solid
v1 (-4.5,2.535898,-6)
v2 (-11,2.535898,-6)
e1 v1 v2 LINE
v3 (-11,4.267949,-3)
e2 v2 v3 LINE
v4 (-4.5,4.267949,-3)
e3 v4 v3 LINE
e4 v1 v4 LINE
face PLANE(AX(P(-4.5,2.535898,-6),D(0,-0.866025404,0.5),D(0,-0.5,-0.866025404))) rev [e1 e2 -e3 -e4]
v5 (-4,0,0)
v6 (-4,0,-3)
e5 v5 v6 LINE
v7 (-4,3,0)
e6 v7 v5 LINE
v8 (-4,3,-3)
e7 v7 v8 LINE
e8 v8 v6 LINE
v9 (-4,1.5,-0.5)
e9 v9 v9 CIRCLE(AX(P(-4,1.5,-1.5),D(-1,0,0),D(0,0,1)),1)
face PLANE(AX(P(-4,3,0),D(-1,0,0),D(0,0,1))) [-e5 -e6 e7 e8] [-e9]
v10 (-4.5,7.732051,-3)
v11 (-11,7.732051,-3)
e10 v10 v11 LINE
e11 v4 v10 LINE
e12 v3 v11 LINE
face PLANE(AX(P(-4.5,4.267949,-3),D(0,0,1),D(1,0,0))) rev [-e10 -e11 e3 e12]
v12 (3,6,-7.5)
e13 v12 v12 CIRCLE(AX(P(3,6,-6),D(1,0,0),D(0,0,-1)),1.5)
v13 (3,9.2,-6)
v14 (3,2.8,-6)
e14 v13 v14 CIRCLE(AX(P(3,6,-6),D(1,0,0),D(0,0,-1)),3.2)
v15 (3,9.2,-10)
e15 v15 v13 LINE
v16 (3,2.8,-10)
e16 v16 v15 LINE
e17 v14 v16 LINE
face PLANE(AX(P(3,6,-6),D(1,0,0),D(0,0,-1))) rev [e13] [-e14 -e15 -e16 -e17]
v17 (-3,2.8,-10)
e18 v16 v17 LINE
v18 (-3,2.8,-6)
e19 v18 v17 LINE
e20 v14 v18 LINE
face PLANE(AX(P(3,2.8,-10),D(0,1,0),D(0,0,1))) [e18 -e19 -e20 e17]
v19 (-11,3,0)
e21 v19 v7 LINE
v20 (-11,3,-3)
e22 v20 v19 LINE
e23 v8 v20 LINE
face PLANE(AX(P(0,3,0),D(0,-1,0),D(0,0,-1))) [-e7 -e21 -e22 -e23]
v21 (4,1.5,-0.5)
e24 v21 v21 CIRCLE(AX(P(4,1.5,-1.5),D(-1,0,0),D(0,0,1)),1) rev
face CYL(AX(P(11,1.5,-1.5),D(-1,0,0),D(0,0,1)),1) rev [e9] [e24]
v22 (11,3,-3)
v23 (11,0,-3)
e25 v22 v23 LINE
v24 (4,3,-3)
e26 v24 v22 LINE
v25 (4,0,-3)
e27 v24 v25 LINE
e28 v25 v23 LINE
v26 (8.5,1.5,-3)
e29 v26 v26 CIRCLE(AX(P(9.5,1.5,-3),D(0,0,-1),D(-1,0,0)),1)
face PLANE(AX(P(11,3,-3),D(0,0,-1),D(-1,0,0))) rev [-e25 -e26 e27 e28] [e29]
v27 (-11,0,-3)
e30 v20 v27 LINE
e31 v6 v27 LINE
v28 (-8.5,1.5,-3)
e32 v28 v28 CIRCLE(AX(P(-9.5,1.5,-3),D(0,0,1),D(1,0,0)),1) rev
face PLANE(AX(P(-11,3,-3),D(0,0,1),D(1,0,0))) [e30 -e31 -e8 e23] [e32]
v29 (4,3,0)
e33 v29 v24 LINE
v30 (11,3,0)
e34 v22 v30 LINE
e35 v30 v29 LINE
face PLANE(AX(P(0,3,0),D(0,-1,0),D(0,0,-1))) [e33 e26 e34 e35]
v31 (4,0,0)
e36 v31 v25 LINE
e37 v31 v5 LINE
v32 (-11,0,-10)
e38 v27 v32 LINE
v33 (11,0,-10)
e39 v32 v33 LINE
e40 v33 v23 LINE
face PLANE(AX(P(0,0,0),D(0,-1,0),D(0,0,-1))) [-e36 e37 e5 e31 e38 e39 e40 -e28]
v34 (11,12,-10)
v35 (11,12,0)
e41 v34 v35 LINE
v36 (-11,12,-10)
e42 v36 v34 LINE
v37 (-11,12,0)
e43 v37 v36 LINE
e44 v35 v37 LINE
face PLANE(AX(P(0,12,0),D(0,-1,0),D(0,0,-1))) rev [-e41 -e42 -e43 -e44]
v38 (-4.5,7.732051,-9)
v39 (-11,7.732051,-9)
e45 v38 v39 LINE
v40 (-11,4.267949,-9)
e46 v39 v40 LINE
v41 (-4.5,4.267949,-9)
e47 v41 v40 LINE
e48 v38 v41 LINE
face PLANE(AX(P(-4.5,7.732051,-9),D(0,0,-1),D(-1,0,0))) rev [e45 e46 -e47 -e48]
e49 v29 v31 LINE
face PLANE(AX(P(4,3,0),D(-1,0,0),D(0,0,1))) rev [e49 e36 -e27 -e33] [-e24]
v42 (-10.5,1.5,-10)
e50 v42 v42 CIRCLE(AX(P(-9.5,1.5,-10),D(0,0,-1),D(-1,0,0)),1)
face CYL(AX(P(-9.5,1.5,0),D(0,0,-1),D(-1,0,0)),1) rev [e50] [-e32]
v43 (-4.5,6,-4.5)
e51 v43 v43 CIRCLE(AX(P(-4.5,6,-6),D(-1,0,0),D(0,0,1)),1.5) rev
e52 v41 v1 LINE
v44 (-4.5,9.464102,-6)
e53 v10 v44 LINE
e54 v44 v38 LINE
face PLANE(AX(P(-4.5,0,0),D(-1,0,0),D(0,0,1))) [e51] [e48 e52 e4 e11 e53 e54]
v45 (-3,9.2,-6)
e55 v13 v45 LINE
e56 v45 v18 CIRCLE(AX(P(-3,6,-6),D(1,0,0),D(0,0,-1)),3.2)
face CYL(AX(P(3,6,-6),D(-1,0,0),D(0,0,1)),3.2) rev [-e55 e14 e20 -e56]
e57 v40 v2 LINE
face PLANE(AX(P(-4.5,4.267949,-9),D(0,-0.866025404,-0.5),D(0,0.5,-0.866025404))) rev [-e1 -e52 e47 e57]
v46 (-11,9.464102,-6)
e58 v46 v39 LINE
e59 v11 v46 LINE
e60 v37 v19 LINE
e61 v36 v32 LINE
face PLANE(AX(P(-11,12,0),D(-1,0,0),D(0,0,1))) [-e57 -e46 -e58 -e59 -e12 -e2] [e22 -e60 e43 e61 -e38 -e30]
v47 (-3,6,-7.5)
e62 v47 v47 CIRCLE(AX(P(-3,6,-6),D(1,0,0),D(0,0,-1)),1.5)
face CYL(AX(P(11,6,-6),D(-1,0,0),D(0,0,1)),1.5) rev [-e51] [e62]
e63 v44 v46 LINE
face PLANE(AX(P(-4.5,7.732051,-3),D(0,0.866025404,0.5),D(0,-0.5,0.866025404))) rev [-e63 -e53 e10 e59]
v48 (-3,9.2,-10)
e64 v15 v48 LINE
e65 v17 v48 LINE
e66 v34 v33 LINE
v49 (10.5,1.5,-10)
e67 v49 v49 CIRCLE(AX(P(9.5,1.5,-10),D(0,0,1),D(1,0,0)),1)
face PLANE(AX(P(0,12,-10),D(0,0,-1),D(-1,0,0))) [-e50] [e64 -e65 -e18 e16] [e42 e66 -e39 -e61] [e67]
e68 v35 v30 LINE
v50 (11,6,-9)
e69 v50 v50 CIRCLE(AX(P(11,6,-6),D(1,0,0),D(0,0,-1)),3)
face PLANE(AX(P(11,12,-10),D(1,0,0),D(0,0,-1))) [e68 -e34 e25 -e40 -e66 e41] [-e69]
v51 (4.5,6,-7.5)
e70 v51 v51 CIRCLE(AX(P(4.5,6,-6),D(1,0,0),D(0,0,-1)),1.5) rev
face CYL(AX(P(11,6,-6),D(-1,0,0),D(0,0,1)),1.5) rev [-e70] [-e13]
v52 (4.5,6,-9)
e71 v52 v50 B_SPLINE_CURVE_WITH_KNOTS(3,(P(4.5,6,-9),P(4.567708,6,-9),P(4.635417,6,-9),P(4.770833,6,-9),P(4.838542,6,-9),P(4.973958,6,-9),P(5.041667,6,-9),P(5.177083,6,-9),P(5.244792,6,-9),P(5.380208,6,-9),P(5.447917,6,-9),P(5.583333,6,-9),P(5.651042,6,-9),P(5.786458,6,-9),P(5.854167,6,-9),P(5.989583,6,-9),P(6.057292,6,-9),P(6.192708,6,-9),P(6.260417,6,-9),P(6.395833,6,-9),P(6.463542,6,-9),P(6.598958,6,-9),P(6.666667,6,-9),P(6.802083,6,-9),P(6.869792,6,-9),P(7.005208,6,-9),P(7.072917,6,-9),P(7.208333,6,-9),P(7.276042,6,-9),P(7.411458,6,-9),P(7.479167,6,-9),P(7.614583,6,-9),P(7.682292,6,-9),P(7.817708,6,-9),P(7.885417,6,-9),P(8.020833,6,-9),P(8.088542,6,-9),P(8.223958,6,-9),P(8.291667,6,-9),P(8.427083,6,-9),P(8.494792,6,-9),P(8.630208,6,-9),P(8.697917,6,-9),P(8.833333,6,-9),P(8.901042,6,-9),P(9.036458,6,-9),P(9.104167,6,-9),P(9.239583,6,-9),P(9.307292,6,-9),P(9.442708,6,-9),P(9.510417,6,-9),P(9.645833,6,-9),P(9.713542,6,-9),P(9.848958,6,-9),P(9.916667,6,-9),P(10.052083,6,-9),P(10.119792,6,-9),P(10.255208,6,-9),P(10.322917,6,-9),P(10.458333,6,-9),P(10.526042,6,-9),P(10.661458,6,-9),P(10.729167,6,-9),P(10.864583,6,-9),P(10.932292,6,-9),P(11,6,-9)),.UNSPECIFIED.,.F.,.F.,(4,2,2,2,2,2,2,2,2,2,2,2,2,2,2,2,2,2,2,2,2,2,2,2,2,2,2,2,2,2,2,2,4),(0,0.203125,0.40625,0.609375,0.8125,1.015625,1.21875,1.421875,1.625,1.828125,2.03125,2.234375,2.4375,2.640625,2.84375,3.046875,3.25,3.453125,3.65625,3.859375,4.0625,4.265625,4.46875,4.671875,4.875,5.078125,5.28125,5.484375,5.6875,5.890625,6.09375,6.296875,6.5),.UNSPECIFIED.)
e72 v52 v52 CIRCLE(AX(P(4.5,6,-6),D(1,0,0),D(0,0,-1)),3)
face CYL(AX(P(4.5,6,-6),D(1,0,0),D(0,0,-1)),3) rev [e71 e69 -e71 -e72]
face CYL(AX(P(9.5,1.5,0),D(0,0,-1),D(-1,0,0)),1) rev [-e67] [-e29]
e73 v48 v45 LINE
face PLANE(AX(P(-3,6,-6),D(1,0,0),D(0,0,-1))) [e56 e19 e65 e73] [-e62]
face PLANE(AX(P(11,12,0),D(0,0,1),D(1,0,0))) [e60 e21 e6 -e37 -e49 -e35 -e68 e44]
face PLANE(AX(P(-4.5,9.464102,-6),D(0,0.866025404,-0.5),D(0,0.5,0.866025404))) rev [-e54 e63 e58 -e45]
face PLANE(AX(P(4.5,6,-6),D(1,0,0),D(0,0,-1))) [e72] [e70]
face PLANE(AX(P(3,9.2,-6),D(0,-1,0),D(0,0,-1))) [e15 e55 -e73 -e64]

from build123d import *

# Parameters (mm, degrees)
BOSS_EXTRUDE1_DEPTH     = 12
SKETCH5_R               = 1
CUT_EXTRUDE1_DEPTH      = 10
CUT_EXTRUDE2_DEPTH      = 3
CUT_EXTRUDE2_DEPTH_BACK = 3
CUT_EXTRUDE3_DEPTH      = 21.976176963
CUT_EXTRUDE3_DEPTH_BACK = 21.976176963
SKETCH7_R               = 1.5
SKETCH10_W              = 7
SKETCH10_H              = 3
CUT_EXTRUDE4_DEPTH      = 3
SKETCH9_R               = 1
CUT_EXTRUDE5_DEPTH      = 27.981475126
SKETCH12_R              = 3
CUT_EXTRUDE6_DEPTH      = 6.5
CUT_EXTRUDE7_DEPTH      = 6.5


with BuildPart() as part:
    # Sketch2 → Boss-Extrude1 (new body)
    with BuildSketch(Plane(origin=(0, 0, 0), x_dir=(1, 0, 0), z_dir=(0, 1, 0))):
        Polygon((0, 10), (11, 10), (11, 0), (-11, 0), (-11, 10), align=None)
    extrude(amount=BOSS_EXTRUDE1_DEPTH)

    # Sketch5 → Cut-Extrude1 (cut)
    with BuildSketch(Plane(origin=(0, 0, -10), x_dir=(-1, 0, 0), z_dir=(0, 0, -1))):
        with Locations((9.5, 1.5)):
            Circle(SKETCH5_R)
    cut_extrude1 = extrude(amount=-CUT_EXTRUDE1_DEPTH, mode=Mode.SUBTRACT)

    # Sketch6 → Cut-Extrude2 (cut, two sides: drawn at the far end of the back side and taken through both)
    with BuildSketch(Plane(origin=(0, 0, 0), x_dir=(0, 0, -1), z_dir=(1, 0, 0)).offset(-CUT_EXTRUDE2_DEPTH_BACK)):
        with BuildLine():
            Line((6, 9.2), (10, 9.2))
            Line((10, 9.2), (10, 2.8))
            Line((10, 2.8), (6, 2.8))
            ThreePointArc((6, 2.8), (2.8, 6), (6, 9.2))
        make_face()
    extrude(amount=CUT_EXTRUDE2_DEPTH + CUT_EXTRUDE2_DEPTH_BACK, mode=Mode.SUBTRACT)

    # Sketch7 → Cut-Extrude3 (cut, two sides: drawn at the far end of the back side and taken through both)
    with BuildSketch(Plane.ZY.offset(-3).offset(-CUT_EXTRUDE3_DEPTH_BACK)):
        with Locations((-6, 6)):
            Circle(SKETCH7_R)
    extrude(amount=CUT_EXTRUDE3_DEPTH + CUT_EXTRUDE3_DEPTH_BACK, mode=Mode.SUBTRACT)

    # Sketch10 → Cut-Extrude4 (cut)
    with BuildSketch(Plane(origin=(0, 0, 0), x_dir=(1, 0, 0), z_dir=(0, 1, 0))):
        with Locations((-7.5, 1.5)):
            Rectangle(SKETCH10_W, SKETCH10_H)
    cut_extrude4 = extrude(amount=CUT_EXTRUDE4_DEPTH, mode=Mode.SUBTRACT)

    # Sketch9 → Cut-Extrude5 (cut, through all)
    with BuildSketch(Plane.ZY.offset(11)):
        with Locations((-1.5, 1.5)):
            Circle(SKETCH9_R)
    extrude(amount=-CUT_EXTRUDE5_DEPTH, mode=Mode.SUBTRACT)

    # Mirror1: Cut-Extrude1, Cut-Extrude4 across plane
    add(cut_extrude1.mirror(Plane(origin=(0, 0, 0), x_dir=(0, 0, 1), z_dir=(1, 0, 0))), mode=Mode.SUBTRACT)
    add(cut_extrude4.mirror(Plane(origin=(0, 0, 0), x_dir=(0, 0, 1), z_dir=(1, 0, 0))), mode=Mode.SUBTRACT)

    # Sketch12 → Cut-Extrude6 (cut)
    with BuildSketch(Plane(origin=(11, 0, 0), x_dir=(0, 0, -1), z_dir=(1, 0, 0))):
        with Locations((6, 6)):
            Circle(SKETCH12_R)
    extrude(amount=-CUT_EXTRUDE6_DEPTH, mode=Mode.SUBTRACT)

    # Sketch13 → Cut-Extrude7 (cut)
    with BuildSketch(Plane.ZY.offset(11)):
        Polygon((-9, 7.732050808), (-9, 4.267949192), (-6, 2.535898385), (-3, 4.267949192), (-3, 7.732050808), (-6, 9.464101615), align=None)
    extrude(amount=-CUT_EXTRUDE7_DEPTH, mode=Mode.SUBTRACT)


solid = part.part
